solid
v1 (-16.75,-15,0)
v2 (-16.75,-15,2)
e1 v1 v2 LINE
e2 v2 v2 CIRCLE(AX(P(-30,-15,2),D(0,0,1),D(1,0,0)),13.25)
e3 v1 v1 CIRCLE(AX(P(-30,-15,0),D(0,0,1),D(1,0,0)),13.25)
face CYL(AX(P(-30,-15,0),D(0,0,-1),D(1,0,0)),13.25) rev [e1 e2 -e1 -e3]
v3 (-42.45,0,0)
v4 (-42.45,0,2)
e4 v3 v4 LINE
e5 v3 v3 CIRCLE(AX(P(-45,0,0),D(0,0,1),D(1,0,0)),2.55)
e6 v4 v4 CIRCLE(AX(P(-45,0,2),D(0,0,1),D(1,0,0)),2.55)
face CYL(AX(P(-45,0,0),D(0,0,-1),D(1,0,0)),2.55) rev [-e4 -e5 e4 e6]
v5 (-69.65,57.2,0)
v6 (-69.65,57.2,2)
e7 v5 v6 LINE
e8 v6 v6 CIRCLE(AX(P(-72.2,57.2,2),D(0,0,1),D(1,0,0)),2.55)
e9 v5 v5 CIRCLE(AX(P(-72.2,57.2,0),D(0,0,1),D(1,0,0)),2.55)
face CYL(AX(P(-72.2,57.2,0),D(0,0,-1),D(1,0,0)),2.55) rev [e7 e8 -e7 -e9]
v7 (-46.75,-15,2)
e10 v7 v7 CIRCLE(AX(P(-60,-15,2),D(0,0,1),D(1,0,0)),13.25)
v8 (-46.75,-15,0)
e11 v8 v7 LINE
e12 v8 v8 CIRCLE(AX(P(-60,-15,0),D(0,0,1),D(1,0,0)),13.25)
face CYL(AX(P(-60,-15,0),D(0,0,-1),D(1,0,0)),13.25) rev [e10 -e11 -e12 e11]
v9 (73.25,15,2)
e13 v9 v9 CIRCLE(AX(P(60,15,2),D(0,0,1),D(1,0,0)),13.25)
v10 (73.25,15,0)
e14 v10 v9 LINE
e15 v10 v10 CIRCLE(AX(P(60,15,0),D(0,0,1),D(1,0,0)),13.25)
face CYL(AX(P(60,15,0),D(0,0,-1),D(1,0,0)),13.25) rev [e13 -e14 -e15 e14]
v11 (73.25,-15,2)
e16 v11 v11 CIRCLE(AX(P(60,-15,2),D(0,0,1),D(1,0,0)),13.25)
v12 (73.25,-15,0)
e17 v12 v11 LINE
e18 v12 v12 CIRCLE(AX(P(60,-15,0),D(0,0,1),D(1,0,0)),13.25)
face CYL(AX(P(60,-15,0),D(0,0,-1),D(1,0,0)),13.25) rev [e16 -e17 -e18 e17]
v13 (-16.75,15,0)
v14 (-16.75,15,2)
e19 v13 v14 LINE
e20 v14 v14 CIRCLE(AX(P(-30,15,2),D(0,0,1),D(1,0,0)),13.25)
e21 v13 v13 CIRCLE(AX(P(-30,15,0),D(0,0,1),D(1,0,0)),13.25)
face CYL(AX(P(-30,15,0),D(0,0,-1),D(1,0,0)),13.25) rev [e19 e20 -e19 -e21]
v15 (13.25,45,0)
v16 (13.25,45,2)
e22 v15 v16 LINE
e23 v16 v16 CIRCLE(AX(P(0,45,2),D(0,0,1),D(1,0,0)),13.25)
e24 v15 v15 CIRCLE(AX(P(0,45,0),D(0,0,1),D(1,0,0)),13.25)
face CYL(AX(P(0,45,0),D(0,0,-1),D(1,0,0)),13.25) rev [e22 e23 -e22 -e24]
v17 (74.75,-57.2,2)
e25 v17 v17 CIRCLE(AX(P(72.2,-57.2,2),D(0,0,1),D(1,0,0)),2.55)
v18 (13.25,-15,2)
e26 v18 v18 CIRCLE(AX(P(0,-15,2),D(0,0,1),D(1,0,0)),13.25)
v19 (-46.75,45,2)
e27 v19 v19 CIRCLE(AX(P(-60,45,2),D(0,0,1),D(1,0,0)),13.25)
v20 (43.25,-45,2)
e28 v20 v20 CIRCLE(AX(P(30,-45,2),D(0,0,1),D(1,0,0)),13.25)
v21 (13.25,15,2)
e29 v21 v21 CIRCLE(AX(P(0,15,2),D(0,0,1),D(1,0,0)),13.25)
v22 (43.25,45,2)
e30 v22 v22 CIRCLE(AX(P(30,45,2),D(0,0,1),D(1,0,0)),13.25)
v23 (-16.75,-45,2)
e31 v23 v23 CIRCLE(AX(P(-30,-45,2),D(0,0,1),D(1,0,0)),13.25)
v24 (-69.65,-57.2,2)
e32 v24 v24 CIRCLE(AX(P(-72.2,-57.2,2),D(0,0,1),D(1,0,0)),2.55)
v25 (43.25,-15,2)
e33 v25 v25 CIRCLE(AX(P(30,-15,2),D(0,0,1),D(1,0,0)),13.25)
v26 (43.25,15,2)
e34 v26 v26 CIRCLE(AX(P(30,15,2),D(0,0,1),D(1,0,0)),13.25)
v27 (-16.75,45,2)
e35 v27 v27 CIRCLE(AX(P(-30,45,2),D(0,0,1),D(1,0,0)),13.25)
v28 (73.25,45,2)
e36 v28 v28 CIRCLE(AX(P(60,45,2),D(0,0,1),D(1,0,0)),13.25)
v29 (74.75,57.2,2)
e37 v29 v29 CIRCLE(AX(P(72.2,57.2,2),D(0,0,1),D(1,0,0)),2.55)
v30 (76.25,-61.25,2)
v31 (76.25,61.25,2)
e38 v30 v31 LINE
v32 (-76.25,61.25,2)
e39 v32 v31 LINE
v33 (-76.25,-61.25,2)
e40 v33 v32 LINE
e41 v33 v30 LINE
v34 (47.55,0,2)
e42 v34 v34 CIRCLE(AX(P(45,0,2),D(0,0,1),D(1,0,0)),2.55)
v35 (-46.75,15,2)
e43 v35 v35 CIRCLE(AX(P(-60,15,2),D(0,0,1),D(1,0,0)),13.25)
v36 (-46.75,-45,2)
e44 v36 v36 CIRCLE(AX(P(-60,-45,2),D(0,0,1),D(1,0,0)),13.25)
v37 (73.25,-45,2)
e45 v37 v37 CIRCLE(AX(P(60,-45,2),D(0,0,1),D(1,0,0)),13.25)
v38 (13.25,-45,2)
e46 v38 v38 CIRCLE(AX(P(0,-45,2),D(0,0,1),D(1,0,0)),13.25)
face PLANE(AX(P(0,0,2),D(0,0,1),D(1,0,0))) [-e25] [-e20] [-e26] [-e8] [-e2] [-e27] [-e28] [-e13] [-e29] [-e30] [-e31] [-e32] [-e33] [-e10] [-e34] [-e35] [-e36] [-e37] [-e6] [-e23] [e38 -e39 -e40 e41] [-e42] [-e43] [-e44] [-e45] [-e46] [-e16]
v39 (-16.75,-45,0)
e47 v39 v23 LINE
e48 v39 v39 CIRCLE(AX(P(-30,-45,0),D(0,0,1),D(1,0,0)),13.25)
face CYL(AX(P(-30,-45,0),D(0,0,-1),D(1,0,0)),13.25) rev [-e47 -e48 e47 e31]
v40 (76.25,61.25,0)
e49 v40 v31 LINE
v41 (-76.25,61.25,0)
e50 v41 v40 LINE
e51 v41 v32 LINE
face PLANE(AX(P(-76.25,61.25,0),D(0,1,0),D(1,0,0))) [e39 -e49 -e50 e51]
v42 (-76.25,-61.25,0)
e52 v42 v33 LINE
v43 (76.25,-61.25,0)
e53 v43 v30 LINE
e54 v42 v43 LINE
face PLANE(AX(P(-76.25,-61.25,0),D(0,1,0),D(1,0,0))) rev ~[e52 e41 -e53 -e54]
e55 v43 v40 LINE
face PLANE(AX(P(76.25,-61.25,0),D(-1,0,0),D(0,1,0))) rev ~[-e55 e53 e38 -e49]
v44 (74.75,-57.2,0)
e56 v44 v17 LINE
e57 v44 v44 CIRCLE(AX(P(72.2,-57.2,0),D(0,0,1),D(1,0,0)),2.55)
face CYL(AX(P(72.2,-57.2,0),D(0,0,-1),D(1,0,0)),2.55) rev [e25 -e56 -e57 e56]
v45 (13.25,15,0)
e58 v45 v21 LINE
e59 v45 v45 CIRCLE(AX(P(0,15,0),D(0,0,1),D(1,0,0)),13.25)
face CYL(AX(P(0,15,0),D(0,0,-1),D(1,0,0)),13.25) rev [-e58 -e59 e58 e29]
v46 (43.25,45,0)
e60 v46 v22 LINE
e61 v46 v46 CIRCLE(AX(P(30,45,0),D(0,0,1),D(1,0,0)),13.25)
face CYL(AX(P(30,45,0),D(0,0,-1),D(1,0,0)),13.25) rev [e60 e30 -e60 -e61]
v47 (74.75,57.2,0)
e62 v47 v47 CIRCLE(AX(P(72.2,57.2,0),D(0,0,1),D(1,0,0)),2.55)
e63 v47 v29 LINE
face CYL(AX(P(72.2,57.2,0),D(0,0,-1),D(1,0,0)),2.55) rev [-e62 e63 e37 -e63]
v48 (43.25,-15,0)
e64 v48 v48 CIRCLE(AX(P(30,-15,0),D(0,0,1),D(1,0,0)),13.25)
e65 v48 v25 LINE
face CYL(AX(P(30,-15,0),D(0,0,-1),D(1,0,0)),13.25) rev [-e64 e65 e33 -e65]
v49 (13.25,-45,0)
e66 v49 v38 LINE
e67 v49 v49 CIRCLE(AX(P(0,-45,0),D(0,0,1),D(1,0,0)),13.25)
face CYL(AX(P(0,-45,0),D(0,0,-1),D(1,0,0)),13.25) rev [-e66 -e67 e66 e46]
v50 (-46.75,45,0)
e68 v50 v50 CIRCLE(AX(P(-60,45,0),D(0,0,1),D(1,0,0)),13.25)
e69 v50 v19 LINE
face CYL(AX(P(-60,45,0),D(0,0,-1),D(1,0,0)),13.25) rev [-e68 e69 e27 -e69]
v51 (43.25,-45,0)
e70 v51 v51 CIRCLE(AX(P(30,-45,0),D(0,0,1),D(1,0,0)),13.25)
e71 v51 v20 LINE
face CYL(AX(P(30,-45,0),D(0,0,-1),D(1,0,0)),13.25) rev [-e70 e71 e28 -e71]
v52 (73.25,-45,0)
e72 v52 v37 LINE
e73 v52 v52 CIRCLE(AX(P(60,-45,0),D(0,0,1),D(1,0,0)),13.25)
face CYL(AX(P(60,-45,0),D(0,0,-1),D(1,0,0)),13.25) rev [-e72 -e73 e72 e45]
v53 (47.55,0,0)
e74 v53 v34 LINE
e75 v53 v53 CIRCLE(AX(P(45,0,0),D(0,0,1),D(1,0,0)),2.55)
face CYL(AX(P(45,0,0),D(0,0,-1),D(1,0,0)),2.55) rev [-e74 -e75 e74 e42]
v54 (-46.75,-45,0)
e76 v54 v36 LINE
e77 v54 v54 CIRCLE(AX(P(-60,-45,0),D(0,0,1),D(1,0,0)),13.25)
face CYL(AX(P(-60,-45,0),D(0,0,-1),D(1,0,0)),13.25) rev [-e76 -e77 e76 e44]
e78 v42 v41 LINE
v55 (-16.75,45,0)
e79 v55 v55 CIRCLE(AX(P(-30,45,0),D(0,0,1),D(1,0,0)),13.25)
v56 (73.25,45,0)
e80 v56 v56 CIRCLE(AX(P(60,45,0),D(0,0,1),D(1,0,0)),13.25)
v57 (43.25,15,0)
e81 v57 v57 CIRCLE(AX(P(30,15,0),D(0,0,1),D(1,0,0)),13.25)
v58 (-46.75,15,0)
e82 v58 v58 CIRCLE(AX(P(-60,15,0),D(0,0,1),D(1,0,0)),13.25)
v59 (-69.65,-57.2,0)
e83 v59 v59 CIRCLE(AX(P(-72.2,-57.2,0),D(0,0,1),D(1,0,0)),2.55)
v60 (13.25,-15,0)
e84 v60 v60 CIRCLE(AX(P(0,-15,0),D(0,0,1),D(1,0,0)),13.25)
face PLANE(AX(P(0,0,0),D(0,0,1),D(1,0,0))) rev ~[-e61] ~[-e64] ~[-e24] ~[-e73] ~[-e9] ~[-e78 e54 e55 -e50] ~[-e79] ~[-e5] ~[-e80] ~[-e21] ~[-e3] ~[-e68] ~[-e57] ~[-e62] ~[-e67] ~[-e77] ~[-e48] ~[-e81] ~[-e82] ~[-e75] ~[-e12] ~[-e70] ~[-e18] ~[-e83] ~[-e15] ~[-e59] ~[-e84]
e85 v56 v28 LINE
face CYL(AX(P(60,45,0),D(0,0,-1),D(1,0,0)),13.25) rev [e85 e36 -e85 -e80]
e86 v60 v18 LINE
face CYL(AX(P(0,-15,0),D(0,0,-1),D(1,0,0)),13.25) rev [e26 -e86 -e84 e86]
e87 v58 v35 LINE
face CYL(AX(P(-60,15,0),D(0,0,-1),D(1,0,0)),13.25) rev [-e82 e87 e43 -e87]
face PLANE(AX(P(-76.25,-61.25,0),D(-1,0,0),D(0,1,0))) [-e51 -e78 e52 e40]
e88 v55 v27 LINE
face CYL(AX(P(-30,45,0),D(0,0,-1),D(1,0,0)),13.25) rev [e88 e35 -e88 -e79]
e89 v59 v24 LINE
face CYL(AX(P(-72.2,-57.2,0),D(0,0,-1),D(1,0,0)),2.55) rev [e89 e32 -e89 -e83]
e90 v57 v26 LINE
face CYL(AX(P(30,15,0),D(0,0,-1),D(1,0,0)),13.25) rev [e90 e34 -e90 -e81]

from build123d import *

# Parameters (mm, degrees)
F0_W     = 152.5
F0_H     = 122.5
F0_R     = 2.55
F0_R_2   = 13.25
F1_DEPTH = 2


with BuildPart() as f1:
    # F0 (on Top) → F1 (new body)
    with BuildSketch(Plane.XY):
        Rectangle(F0_W, F0_H)
        with Locations((-72.2, -57.2)):
            Circle(F0_R, mode=Mode.SUBTRACT)
        with Locations((-60, -45)):
            Circle(F0_R_2, mode=Mode.SUBTRACT)
        with Locations((-30, -45)):
            Circle(F0_R_2, mode=Mode.SUBTRACT)
        with Locations((-60, -15)):
            Circle(F0_R_2, mode=Mode.SUBTRACT)
        with Locations((-30, -15)):
            Circle(F0_R_2, mode=Mode.SUBTRACT)
        with Locations((0, -45)):
            Circle(F0_R_2, mode=Mode.SUBTRACT)
        with Locations((30, -45)):
            Circle(F0_R_2, mode=Mode.SUBTRACT)
        with Locations((72.2, -57.2)):
            Circle(F0_R, mode=Mode.SUBTRACT)
        with Locations((60, -45)):
            Circle(F0_R_2, mode=Mode.SUBTRACT)
        with Locations((0, -15)):
            Circle(F0_R_2, mode=Mode.SUBTRACT)
        with Locations((30, -15)):
            Circle(F0_R_2, mode=Mode.SUBTRACT)
        with Locations((60, -15)):
            Circle(F0_R_2, mode=Mode.SUBTRACT)
        with Locations((-60, 15)):
            Circle(F0_R_2, mode=Mode.SUBTRACT)
        with Locations((-45, 0)):
            Circle(F0_R, mode=Mode.SUBTRACT)
        with Locations((-30, 15)):
            Circle(F0_R_2, mode=Mode.SUBTRACT)
        with Locations((-60, 45)):
            Circle(F0_R_2, mode=Mode.SUBTRACT)
        with Locations((-72.2, 57.2)):
            Circle(F0_R, mode=Mode.SUBTRACT)
        with Locations((-30, 45)):
            Circle(F0_R_2, mode=Mode.SUBTRACT)
        with Locations((0, 15)):
            Circle(F0_R_2, mode=Mode.SUBTRACT)
        with Locations((30, 15)):
            Circle(F0_R_2, mode=Mode.SUBTRACT)
        with Locations((45, 0)):
            Circle(F0_R, mode=Mode.SUBTRACT)
        with Locations((60, 15)):
            Circle(F0_R_2, mode=Mode.SUBTRACT)
        with Locations((0, 45)):
            Circle(F0_R_2, mode=Mode.SUBTRACT)
        with Locations((30, 45)):
            Circle(F0_R_2, mode=Mode.SUBTRACT)
        with Locations((60, 45)):
            Circle(F0_R_2, mode=Mode.SUBTRACT)
        with Locations((72.2, 57.2)):
            Circle(F0_R, mode=Mode.SUBTRACT)
    extrude(amount=F1_DEPTH)


solid = f1.part
